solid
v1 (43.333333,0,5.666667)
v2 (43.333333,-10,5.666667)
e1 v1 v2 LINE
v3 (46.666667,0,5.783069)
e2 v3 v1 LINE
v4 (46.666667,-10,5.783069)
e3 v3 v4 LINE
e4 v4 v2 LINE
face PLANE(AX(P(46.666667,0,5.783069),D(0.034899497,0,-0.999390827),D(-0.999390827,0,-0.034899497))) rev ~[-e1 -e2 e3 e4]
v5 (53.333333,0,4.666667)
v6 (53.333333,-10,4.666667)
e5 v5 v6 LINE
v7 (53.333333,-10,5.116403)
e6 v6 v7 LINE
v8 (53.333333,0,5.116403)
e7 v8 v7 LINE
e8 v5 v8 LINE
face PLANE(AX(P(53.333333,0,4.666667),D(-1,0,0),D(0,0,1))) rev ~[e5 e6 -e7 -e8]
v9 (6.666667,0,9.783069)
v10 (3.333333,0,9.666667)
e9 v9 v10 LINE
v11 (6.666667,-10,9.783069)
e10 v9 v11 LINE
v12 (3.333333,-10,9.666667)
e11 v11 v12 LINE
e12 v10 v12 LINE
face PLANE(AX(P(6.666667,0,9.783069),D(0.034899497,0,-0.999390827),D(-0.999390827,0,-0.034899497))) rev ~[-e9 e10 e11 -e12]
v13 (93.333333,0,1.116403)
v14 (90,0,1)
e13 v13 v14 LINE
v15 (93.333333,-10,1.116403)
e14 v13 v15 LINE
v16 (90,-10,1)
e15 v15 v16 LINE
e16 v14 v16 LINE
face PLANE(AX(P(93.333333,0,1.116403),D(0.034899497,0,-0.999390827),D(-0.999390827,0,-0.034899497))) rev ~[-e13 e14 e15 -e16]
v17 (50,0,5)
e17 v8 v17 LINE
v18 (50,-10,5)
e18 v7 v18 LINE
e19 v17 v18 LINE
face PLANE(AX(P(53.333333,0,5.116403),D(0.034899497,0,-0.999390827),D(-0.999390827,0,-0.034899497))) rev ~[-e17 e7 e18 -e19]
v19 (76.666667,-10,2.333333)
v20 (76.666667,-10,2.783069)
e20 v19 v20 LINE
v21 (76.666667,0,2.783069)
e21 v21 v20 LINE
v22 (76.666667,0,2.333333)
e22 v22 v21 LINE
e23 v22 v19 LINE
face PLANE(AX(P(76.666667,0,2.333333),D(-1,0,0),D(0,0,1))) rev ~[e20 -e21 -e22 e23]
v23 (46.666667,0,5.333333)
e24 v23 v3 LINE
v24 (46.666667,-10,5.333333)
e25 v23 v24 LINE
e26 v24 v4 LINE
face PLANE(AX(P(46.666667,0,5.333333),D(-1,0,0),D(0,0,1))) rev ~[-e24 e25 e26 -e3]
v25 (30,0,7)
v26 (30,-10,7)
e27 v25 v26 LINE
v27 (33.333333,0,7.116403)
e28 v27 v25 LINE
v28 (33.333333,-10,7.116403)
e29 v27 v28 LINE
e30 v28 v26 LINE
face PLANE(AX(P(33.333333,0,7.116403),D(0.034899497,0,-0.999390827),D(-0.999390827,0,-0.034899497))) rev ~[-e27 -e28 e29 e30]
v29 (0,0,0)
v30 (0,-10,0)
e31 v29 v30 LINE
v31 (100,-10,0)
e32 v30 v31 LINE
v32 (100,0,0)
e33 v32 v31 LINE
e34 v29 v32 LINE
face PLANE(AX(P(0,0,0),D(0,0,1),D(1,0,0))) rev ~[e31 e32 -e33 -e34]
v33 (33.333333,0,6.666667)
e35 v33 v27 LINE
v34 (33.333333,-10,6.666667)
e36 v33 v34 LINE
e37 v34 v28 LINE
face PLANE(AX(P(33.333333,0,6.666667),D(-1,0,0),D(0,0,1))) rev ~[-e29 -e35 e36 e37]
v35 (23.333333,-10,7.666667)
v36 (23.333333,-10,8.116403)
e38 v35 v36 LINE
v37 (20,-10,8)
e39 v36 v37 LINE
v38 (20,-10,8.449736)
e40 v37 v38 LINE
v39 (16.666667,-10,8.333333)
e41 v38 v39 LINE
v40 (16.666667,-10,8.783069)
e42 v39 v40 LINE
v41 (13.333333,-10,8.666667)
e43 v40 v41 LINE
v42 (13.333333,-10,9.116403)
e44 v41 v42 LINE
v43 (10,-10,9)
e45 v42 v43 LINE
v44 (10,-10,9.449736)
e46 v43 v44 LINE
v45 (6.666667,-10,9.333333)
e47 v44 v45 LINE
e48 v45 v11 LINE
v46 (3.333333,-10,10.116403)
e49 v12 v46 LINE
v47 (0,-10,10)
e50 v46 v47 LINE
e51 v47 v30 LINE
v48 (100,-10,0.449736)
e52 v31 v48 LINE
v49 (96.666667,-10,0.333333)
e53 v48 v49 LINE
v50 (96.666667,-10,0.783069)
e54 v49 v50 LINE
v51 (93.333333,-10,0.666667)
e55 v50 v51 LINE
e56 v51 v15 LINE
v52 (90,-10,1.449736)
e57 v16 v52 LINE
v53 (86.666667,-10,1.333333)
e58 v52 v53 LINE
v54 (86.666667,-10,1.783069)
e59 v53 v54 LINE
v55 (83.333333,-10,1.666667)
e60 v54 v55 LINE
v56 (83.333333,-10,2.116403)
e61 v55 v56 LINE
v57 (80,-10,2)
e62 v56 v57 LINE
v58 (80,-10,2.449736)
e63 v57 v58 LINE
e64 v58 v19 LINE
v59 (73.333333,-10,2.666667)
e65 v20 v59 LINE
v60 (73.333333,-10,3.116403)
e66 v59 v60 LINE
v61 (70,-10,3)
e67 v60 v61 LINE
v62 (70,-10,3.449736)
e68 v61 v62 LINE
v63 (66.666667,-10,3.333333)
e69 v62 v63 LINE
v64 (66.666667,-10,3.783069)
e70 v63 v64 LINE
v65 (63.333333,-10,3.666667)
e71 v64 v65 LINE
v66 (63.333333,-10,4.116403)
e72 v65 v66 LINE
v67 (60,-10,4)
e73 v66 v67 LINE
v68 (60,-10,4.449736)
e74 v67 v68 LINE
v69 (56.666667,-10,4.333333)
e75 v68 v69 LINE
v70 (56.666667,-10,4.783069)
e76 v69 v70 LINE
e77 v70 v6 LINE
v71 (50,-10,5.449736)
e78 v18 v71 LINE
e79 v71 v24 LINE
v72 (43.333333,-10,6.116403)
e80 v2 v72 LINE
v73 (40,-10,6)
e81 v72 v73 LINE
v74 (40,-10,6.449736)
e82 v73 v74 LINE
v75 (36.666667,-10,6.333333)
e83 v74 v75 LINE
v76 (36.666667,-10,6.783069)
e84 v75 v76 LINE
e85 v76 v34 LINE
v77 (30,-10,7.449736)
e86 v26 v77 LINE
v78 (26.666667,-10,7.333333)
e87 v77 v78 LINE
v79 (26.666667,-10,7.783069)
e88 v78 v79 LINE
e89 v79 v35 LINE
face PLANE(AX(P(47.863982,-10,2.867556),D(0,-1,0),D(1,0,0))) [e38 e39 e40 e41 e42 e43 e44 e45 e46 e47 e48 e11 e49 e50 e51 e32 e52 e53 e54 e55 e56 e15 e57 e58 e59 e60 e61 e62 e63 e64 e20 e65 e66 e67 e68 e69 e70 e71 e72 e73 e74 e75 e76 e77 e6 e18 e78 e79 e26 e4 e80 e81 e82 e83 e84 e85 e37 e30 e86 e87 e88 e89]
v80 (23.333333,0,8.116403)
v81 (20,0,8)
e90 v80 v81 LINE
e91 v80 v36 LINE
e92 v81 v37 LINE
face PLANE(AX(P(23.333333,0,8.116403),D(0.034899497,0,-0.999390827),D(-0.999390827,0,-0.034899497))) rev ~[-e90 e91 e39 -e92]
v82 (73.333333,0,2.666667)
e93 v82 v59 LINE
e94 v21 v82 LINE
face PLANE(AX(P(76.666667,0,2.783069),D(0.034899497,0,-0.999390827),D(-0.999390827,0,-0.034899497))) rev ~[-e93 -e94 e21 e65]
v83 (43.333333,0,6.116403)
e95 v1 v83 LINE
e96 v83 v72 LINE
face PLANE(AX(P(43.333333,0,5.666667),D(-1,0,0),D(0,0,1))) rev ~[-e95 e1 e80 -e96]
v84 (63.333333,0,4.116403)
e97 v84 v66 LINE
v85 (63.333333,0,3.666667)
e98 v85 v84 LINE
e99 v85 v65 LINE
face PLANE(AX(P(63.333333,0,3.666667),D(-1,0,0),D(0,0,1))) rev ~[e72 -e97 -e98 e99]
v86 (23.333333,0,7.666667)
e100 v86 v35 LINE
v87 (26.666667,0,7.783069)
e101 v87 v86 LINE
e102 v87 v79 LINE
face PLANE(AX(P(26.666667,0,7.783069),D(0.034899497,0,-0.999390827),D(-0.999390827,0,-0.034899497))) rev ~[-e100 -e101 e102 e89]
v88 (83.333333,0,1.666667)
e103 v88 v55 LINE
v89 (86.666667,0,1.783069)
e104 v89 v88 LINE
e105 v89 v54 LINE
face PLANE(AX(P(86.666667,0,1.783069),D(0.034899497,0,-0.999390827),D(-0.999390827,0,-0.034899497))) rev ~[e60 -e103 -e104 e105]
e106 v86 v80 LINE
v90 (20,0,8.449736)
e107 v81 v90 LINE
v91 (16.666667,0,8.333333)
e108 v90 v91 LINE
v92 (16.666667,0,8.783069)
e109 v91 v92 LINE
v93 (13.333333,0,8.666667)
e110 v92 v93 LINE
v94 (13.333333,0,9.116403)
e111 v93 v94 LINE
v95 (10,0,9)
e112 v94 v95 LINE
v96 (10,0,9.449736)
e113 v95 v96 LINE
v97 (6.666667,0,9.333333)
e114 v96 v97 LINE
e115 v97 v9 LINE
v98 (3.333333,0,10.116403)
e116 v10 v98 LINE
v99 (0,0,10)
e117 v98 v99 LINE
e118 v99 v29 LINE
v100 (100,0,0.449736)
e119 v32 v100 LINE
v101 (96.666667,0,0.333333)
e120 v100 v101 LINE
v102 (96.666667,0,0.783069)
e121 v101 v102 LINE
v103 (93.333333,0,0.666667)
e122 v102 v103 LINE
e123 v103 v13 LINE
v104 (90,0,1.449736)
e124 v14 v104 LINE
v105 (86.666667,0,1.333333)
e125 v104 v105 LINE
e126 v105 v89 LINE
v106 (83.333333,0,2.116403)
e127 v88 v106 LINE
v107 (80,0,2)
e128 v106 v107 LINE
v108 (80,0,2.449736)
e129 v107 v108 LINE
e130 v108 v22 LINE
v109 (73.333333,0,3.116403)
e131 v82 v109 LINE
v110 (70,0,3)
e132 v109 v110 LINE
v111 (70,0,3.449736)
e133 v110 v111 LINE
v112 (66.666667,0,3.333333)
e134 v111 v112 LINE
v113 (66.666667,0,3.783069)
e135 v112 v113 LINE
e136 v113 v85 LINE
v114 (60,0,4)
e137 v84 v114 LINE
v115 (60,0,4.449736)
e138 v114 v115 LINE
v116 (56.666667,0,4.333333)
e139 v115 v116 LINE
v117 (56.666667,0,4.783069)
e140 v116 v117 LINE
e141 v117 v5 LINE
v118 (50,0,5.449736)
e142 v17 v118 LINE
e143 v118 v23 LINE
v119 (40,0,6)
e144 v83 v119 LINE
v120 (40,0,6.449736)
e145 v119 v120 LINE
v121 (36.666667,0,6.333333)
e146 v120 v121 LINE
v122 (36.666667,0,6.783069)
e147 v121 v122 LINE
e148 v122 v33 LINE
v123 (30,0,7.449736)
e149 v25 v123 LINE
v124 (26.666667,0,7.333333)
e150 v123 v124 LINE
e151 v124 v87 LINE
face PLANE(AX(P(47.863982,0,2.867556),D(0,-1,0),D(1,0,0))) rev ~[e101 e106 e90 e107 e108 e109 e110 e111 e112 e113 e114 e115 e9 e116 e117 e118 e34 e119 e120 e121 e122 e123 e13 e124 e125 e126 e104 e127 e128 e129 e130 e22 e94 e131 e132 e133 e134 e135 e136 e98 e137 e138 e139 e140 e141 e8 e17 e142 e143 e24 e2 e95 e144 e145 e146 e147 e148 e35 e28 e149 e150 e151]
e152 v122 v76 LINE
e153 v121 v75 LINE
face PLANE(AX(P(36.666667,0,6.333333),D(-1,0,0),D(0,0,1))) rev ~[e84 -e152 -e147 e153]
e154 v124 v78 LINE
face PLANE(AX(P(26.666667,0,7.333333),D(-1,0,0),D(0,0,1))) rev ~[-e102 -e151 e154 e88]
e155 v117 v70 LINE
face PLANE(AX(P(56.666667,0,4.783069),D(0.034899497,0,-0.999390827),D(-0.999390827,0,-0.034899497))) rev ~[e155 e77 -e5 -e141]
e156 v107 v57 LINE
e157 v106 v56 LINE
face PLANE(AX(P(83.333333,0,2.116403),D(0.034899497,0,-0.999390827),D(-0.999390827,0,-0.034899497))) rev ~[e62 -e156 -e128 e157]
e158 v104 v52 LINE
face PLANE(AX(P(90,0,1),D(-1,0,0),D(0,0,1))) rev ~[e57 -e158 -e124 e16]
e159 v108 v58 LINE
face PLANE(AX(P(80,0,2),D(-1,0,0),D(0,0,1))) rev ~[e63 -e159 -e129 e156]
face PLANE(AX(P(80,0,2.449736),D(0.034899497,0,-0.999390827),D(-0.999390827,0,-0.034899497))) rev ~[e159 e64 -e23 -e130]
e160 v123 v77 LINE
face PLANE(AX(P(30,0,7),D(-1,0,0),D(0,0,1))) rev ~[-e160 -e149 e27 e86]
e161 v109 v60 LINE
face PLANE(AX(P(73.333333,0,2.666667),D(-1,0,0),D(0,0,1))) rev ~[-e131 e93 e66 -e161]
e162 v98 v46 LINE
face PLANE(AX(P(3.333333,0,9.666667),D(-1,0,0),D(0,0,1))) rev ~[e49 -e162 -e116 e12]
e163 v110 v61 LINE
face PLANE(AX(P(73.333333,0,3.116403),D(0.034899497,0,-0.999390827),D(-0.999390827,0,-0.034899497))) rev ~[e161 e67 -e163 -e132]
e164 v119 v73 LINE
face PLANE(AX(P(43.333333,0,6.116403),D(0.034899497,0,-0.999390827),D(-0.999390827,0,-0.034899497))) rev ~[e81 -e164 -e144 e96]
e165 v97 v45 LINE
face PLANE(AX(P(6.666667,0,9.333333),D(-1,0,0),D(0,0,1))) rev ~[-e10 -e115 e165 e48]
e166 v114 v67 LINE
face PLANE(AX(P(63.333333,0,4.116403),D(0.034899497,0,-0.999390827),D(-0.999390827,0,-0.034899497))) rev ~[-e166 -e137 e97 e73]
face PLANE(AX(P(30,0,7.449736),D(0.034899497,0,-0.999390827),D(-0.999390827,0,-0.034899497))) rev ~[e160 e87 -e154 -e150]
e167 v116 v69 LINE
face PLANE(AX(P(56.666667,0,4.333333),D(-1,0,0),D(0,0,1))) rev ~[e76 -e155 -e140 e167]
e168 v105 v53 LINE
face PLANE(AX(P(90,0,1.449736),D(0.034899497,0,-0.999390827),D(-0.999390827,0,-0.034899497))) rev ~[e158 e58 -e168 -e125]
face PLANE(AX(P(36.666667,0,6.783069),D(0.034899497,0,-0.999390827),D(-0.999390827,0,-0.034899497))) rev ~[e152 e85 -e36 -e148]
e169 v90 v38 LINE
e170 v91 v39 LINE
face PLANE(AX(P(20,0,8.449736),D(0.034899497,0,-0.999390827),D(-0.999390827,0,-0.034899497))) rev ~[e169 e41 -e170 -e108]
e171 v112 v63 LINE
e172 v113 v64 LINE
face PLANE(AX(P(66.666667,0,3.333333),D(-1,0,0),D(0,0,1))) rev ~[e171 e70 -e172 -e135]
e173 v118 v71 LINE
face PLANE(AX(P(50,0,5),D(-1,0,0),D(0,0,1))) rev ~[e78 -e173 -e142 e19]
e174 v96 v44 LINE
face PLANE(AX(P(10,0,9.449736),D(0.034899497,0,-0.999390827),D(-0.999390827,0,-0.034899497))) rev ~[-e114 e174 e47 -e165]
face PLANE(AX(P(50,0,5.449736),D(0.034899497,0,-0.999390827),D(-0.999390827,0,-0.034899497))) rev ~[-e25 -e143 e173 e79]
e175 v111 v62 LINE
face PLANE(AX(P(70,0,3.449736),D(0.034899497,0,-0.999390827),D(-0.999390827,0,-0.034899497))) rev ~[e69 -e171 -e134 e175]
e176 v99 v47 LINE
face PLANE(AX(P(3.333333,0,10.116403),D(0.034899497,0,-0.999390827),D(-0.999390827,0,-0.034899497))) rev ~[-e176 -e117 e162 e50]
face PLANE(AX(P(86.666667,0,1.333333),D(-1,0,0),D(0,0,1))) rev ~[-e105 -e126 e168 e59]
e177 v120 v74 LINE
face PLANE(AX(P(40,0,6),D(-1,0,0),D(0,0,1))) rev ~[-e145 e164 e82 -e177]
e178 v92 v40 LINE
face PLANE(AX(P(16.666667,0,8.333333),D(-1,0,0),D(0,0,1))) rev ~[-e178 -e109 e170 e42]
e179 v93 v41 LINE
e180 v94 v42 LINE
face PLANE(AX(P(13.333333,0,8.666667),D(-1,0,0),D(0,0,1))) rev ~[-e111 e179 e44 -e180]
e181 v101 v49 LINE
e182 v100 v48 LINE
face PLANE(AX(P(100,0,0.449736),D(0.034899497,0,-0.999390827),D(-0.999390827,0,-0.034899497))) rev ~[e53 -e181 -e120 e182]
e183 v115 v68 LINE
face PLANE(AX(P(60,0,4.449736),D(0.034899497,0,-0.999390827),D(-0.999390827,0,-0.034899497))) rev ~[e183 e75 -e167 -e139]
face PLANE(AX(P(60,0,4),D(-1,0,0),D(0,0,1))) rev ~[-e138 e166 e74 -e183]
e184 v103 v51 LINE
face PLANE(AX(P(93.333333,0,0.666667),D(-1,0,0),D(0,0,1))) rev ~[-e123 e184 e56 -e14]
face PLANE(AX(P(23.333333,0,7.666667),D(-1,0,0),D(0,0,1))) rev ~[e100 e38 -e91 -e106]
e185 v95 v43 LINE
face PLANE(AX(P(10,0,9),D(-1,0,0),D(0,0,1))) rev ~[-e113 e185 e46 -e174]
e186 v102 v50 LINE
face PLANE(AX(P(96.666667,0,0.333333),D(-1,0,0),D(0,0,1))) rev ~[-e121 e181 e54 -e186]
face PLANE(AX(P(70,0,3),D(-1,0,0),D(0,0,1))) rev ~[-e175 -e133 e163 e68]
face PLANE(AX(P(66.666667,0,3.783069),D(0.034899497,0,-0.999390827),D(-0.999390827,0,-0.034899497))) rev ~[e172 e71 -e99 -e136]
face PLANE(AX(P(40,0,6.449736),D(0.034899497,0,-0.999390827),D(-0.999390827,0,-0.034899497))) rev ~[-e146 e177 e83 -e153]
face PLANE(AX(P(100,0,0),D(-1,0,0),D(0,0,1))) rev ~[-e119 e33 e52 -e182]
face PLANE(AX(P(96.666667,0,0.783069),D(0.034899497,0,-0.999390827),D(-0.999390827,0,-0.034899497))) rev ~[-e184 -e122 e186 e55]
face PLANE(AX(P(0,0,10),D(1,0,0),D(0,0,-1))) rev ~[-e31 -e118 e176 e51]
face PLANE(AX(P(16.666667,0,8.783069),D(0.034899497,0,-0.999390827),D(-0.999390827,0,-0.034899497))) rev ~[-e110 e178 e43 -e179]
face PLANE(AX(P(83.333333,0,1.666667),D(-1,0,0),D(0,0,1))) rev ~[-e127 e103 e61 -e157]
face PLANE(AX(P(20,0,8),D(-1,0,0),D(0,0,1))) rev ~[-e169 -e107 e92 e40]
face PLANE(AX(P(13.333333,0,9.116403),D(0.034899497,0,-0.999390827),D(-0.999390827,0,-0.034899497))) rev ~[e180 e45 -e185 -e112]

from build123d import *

# Parameters (mm, degrees)
F2_DEPTH = 10


with BuildPart() as f2:
    # F1 (on Front) → F2 (new body)
    with BuildSketch(Plane.XZ):
        Polygon((3.3333333333, 10.116402565), (0, 10), (0, 0), (100, 0), (100, 0.4497358983), (96.6666666667, 0.3333333333), (96.6666666667, 0.7830692316), (93.3333333333, 0.6666666667), (93.3333333333, 1.116402565), (90, 1), (90, 1.4497358983), (86.6666666667, 1.3333333333), (86.6666666667, 1.7830692316), (83.3333333333, 1.6666666667), (83.3333333333, 2.116402565), (80, 2), (80, 2.4497358983), (76.6666666667, 2.3333333333), (76.6666666667, 2.7830692316), (73.3333333333, 2.6666666667), (73.3333333333, 3.116402565), (70, 3), (70, 3.4497358983), (66.6666666667, 3.3333333333), (66.6666666667, 3.7830692316), (63.3333333333, 3.6666666667), (63.3333333333, 4.116402565), (60, 4), (60, 4.4497358983), (56.6666666667, 4.3333333333), (56.6666666667, 4.7830692316), (53.3333333333, 4.6666666667), (53.3333333333, 5.116402565), (50, 5), (50, 5.4497358983), (46.6666666667, 5.3333333333), (46.6666666667, 5.7830692316), (43.3333333333, 5.6666666667), (43.3333333333, 6.116402565), (40, 6), (40, 6.4497358983), (36.6666666667, 6.3333333333), (36.6666666667, 6.7830692316), (33.3333333333, 6.6666666667), (33.3333333333, 7.116402565), (30, 7), (30, 7.4497358983), (26.6666666667, 7.3333333333), (26.6666666667, 7.7830692316), (23.3333333333, 7.6666666667), (23.3333333333, 8.116402565), (20, 8), (20, 8.4497358983), (16.6666666667, 8.3333333333), (16.6666666667, 8.7830692316), (13.3333333333, 8.6666666667), (13.3333333333, 9.116402565), (10, 9), (10, 9.4497358983), (6.6666666667, 9.3333333333), (6.6666666667, 9.7830692316), (3.3333333333, 9.6666666667), align=None)
    extrude(amount=F2_DEPTH)


solid = f2.part
